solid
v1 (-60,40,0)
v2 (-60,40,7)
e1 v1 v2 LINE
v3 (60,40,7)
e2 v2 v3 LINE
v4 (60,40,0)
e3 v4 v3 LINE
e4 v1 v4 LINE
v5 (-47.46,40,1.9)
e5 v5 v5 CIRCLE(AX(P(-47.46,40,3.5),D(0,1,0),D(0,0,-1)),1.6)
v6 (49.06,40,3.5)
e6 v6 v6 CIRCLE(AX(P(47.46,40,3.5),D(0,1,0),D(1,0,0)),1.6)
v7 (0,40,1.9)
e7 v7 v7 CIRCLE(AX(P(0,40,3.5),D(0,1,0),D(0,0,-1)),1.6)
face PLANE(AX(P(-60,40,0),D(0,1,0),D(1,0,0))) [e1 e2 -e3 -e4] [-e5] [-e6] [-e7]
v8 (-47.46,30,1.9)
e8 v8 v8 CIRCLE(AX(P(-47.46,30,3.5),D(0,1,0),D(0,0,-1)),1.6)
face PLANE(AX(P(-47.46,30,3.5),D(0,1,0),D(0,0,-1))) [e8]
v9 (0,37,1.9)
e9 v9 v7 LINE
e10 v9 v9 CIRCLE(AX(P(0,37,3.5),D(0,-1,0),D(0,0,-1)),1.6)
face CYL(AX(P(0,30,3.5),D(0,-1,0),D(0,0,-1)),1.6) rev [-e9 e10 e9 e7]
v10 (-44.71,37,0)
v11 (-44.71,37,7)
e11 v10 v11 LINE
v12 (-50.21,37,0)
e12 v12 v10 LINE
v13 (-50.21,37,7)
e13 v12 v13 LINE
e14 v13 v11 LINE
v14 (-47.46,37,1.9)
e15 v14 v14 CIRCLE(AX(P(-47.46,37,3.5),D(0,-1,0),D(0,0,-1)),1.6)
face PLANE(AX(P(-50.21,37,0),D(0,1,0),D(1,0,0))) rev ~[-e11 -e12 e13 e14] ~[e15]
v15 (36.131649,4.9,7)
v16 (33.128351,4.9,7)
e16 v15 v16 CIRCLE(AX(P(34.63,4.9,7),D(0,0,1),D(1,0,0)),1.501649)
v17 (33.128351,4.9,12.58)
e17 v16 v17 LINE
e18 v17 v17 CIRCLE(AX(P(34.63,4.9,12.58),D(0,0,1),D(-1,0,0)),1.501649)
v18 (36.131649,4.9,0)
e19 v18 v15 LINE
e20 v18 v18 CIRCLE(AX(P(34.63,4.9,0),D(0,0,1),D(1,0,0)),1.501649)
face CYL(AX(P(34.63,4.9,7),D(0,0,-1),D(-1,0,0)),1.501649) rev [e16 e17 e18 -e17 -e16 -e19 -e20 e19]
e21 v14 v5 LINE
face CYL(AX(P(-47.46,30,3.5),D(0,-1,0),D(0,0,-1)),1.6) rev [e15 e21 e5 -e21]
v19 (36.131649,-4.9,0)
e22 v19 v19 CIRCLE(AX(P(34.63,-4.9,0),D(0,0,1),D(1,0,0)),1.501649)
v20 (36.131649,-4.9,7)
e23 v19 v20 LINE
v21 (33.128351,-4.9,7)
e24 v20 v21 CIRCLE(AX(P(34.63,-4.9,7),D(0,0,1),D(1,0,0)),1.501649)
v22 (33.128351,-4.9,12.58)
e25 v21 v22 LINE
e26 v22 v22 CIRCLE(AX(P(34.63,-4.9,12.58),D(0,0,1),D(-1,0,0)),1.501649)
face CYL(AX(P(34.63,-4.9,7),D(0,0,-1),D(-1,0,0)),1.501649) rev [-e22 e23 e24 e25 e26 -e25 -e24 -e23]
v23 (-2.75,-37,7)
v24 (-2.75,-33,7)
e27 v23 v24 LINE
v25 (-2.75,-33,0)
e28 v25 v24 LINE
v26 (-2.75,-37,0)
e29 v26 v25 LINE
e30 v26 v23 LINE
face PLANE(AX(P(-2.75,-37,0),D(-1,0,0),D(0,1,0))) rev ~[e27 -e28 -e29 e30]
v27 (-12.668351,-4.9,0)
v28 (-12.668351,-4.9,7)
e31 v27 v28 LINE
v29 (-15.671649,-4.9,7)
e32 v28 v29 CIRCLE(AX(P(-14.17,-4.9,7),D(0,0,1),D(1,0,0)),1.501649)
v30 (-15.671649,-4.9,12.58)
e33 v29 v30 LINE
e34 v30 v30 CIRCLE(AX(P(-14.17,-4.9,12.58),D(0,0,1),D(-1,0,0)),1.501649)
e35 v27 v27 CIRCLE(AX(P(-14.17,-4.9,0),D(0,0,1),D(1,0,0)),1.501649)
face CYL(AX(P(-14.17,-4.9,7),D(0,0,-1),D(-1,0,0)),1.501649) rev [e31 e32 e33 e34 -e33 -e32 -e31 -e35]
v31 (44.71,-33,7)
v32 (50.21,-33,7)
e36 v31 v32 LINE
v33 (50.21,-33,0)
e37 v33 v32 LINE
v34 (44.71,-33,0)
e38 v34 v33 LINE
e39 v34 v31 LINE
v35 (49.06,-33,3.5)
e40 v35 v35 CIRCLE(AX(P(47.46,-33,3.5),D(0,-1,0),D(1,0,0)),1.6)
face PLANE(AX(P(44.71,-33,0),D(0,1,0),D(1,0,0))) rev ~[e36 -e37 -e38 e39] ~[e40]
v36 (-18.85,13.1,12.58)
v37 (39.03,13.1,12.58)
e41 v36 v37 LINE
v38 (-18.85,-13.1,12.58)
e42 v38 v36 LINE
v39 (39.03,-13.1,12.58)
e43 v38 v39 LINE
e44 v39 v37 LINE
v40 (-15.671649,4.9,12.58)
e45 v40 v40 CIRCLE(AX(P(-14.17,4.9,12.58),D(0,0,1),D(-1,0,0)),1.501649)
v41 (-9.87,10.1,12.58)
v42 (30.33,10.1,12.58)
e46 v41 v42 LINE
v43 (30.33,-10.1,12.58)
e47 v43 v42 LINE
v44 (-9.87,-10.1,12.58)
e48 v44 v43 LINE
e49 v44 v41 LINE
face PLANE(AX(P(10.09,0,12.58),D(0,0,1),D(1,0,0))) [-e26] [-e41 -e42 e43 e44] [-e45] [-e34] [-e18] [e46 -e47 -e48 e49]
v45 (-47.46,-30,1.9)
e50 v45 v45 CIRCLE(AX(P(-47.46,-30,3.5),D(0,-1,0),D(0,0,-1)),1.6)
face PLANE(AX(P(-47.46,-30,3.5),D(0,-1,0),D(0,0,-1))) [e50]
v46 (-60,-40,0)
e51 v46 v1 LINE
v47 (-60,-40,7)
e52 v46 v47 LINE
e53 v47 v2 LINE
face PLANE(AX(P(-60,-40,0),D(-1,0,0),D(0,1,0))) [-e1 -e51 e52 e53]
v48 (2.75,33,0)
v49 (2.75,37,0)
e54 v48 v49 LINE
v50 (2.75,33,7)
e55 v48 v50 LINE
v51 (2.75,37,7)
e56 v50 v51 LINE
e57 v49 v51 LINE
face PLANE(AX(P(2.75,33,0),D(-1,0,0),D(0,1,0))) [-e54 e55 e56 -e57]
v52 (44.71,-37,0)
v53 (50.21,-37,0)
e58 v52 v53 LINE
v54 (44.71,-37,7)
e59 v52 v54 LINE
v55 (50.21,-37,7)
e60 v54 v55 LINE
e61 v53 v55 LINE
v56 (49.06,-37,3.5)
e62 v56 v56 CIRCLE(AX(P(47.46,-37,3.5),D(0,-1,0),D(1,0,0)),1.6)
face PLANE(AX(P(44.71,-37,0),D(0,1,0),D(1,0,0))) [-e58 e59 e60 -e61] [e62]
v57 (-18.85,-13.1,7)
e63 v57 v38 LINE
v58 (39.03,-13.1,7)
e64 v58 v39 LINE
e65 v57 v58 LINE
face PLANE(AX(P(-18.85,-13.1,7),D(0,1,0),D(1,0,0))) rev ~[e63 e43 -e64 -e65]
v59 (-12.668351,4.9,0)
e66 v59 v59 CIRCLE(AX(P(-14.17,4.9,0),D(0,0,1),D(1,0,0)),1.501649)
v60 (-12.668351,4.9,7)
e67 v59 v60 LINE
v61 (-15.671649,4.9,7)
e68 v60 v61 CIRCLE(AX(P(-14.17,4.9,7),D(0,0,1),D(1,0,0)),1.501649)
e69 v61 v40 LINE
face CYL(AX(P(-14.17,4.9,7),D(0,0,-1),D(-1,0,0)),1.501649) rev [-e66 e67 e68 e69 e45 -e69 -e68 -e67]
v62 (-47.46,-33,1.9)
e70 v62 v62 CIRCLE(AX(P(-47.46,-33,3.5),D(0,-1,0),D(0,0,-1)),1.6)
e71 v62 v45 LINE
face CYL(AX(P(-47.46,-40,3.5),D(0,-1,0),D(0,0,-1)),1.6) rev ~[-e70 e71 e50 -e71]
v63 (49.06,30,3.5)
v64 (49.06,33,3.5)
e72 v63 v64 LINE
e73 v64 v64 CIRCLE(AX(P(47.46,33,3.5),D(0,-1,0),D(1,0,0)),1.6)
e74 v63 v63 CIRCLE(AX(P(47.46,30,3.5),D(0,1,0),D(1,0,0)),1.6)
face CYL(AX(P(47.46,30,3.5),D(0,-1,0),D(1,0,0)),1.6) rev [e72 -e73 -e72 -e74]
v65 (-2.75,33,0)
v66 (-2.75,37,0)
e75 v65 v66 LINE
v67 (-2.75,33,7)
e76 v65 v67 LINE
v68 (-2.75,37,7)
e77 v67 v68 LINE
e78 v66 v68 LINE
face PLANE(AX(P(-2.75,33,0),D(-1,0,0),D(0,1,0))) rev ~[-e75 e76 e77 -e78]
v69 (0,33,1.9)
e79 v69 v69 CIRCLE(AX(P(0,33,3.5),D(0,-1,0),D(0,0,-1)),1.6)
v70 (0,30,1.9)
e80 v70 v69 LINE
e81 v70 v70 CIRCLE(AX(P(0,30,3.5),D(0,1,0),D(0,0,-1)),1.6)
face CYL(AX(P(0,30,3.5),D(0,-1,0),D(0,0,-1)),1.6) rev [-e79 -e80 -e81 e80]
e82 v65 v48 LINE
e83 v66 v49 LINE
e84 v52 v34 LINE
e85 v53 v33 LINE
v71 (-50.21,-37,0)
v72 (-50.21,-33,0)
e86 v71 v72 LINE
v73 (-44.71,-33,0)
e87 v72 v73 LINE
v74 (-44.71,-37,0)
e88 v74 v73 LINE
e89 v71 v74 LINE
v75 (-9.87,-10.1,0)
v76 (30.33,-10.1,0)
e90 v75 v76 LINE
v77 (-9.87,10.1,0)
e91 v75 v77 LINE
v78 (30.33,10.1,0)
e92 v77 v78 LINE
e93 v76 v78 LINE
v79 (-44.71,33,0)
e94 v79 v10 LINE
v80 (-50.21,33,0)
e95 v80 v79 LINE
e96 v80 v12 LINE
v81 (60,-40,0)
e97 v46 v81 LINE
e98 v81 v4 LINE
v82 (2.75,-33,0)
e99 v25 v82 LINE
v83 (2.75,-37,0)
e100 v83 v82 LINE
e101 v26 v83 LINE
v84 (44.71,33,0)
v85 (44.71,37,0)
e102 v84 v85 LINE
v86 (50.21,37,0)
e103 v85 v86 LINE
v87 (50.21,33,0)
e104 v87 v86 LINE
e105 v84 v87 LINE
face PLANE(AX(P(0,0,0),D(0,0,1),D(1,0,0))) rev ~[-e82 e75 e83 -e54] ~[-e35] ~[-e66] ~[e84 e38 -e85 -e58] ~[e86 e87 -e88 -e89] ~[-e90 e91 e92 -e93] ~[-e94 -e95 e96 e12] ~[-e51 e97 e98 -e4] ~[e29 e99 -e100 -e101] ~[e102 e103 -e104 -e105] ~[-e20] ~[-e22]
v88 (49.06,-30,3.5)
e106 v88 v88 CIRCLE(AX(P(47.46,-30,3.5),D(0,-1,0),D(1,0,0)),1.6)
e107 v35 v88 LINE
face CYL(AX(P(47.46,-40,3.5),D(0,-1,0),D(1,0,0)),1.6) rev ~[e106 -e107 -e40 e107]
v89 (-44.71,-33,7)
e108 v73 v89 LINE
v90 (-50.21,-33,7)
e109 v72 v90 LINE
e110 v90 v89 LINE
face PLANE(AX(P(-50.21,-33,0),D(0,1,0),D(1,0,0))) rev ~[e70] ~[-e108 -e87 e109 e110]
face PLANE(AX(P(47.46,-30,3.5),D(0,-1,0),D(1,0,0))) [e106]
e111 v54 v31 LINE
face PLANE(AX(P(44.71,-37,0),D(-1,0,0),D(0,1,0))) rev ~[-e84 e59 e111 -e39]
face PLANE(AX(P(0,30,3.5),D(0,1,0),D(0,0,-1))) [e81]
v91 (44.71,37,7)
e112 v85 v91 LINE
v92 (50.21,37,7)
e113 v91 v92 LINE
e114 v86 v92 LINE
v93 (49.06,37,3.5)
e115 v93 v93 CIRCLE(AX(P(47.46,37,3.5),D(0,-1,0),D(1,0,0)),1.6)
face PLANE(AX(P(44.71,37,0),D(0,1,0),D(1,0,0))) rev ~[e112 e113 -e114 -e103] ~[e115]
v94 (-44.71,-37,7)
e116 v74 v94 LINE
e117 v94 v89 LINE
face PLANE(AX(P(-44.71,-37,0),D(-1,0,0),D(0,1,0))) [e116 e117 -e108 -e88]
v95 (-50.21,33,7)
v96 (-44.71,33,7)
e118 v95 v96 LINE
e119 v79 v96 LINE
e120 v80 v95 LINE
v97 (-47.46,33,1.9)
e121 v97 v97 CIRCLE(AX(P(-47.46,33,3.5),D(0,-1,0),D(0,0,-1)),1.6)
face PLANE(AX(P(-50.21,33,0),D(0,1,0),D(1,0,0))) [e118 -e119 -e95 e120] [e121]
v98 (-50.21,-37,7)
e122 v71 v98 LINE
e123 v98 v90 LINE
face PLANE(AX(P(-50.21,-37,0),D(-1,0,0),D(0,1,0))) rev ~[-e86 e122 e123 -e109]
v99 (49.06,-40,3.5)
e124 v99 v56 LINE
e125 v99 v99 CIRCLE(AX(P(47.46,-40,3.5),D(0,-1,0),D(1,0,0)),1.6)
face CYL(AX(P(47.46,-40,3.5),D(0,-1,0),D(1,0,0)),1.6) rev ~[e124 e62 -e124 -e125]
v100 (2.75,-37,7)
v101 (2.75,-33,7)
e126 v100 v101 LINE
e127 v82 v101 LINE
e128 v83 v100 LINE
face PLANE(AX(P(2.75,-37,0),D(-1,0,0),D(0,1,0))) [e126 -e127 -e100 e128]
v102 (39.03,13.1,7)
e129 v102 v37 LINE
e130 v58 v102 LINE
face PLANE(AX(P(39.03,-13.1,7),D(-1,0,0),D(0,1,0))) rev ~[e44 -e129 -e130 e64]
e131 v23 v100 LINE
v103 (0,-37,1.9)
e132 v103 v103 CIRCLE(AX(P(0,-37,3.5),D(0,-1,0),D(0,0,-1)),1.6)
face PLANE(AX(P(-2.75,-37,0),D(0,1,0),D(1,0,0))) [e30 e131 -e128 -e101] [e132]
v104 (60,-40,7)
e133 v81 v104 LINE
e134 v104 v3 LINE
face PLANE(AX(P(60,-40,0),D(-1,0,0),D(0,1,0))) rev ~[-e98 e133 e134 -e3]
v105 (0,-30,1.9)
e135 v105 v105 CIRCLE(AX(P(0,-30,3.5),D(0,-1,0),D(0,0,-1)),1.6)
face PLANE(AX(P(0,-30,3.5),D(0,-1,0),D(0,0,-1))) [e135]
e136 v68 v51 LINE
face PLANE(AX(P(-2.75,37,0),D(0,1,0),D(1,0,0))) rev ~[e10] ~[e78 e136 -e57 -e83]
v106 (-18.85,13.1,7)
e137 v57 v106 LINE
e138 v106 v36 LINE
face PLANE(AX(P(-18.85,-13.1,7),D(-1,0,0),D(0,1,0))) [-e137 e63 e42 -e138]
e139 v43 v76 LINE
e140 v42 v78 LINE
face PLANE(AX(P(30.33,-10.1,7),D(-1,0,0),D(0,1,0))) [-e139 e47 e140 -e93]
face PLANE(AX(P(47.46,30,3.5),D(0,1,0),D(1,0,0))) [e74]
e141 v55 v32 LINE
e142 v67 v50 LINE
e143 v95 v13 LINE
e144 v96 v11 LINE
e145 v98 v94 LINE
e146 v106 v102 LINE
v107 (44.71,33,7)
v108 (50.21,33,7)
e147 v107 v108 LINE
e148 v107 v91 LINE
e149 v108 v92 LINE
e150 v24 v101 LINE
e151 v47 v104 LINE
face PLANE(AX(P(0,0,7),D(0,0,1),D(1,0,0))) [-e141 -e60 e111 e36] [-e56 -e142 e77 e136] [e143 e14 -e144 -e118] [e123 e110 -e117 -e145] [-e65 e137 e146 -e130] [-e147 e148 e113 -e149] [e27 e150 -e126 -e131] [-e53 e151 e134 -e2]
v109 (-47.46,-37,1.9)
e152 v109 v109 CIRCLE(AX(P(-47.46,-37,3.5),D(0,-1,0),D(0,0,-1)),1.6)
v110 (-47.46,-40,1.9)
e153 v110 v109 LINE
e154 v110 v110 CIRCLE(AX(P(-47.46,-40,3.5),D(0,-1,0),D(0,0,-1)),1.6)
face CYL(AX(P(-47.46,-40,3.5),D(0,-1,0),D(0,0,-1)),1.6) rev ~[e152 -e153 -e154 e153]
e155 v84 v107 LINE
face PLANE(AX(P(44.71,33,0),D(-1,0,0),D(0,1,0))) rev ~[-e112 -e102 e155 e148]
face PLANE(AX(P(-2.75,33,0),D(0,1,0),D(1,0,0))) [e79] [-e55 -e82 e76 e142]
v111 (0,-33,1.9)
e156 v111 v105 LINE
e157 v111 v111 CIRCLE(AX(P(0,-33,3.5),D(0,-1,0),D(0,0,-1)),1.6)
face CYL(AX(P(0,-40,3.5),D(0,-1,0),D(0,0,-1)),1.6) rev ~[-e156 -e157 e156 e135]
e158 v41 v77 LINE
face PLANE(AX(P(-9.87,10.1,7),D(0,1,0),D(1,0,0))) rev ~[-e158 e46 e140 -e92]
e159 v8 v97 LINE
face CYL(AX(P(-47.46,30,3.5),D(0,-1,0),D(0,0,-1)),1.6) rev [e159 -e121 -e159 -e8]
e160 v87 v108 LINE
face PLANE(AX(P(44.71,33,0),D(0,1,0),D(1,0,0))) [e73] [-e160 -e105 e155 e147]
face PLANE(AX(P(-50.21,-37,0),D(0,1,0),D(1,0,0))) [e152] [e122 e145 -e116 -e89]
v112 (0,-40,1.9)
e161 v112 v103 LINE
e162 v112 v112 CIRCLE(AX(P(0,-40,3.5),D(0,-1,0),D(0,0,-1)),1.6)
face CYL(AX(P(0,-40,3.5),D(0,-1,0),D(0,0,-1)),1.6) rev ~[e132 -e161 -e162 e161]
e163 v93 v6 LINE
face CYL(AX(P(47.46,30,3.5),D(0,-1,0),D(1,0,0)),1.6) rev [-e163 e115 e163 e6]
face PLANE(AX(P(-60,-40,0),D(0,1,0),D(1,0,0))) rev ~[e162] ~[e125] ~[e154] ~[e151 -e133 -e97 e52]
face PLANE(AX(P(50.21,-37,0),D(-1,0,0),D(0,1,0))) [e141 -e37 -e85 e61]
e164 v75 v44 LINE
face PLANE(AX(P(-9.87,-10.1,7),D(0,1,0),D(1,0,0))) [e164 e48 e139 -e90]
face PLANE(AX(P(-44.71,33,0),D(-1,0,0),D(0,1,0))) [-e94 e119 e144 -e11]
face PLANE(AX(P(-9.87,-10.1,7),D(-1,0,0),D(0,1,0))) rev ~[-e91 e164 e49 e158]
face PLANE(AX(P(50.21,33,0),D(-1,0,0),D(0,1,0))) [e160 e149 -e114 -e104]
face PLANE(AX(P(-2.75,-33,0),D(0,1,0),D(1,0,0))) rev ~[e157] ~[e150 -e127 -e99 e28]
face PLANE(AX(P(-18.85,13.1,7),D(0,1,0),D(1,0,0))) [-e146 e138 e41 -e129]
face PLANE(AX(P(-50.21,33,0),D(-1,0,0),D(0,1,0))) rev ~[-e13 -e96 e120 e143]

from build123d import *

# Parameters (mm, degrees)
ESBO_O1_W                = 120
ESBO_O1_H                = 80
ESBO_O1_R                = 1.501648648
ESBO_O1_W_2              = 40.2
ESBO_O1_H_2              = 20.2
ESBO_O1_W_3              = 5.5
ESBO_O1_H_3              = 4
RESSALTO_EXTRUS_O4_DEPTH = 7
RESSALTO_EXTRUS_O5_START = 7
ESBO_O1_12_W             = 57.88
ESBO_O1_12_H             = 26.2
ESBO_O1_12_R             = 1.501648648
ESBO_O1_12_W_2           = 40.2
ESBO_O1_12_H_2           = 20.2
RESSALTO_EXTRUS_O5_DEPTH = 5.58
ESBO_O9_R                = 1.6
CORTE_EXTRUS_O7_DEPTH    = 10
CORTE_EXTRUS_O8_START    = -10
ESBO_O10_R               = 1.6
CORTE_EXTRUS_O8_DEPTH    = 10


with BuildPart() as part:
    # Esboço1 → Ressalto-extrusão4 (new body)
    with BuildSketch(Plane.XY):
        Rectangle(ESBO_O1_W, ESBO_O1_H)
        with Locations((34.63, -4.9)):
            Circle(ESBO_O1_R, mode=Mode.SUBTRACT)
        with Locations((34.63, 4.9)):
            Circle(ESBO_O1_R, mode=Mode.SUBTRACT)
        with Locations((-14.17, -4.9)):
            Circle(ESBO_O1_R, mode=Mode.SUBTRACT)
        with Locations((-14.17, 4.9)):
            Circle(ESBO_O1_R, mode=Mode.SUBTRACT)
        with Locations((10.23, 0)):
            Rectangle(ESBO_O1_W_2, ESBO_O1_H_2, mode=Mode.SUBTRACT)
        with Locations((-47.46, -35)):
            Rectangle(ESBO_O1_W_3, ESBO_O1_H_3, mode=Mode.SUBTRACT)
        with Locations((47.46, -35)):
            Rectangle(ESBO_O1_W_3, ESBO_O1_H_3, mode=Mode.SUBTRACT)
        with Locations((0, -35)):
            Rectangle(ESBO_O1_W_3, ESBO_O1_H_3, mode=Mode.SUBTRACT)
        with Locations((47.46, 35)):
            Rectangle(ESBO_O1_W_3, ESBO_O1_H_3, mode=Mode.SUBTRACT)
        with Locations((0, 35)):
            Rectangle(ESBO_O1_W_3, ESBO_O1_H_3, mode=Mode.SUBTRACT)
        with Locations((-47.46, 35)):
            Rectangle(ESBO_O1_W_3, ESBO_O1_H_3, mode=Mode.SUBTRACT)
    extrude(amount=RESSALTO_EXTRUS_O4_DEPTH)

    # Esboço1<12> → Ressalto-extrusão5 (add)
    with BuildSketch(Plane.XY.offset(RESSALTO_EXTRUS_O5_START)):
        with Locations((10.09, 0)):
            Rectangle(ESBO_O1_12_W, ESBO_O1_12_H)
        with Locations(Location((-14.17, 4.9, 0), (0, 0, 180))):
            Circle(ESBO_O1_12_R, mode=Mode.SUBTRACT)
        with Locations(Location((34.63, 4.9, 0), (0, 0, 180))):
            Circle(ESBO_O1_12_R, mode=Mode.SUBTRACT)
        with Locations(Location((34.63, -4.9, 0), (0, 0, 180))):
            Circle(ESBO_O1_12_R, mode=Mode.SUBTRACT)
        with Locations(Location((-14.17, -4.9, 0), (0, 0, 180))):
            Circle(ESBO_O1_12_R, mode=Mode.SUBTRACT)
        with Locations((10.23, 0)):
            Rectangle(ESBO_O1_12_W_2, ESBO_O1_12_H_2, mode=Mode.SUBTRACT)
    extrude(amount=RESSALTO_EXTRUS_O5_DEPTH)

    # Esboço9 → Corte-extrusão7 (cut)
    with BuildSketch(Plane.XZ.offset(40)):
        with Locations(Location((-47.46, 3.5, 0), (0, 0, 270))):
            Circle(ESBO_O9_R)
        with Locations(Location((0, 3.5, 0), (0, 0, 270))):
            Circle(ESBO_O9_R)
        with Locations((47.46, 3.5)):
            Circle(ESBO_O9_R)
    extrude(amount=-CORTE_EXTRUS_O7_DEPTH, mode=Mode.SUBTRACT)

    # Esboço10 → Corte-extrusão8 (cut)
    with BuildSketch(Plane(origin=(0, 40, 0), x_dir=(1, 0, 0), z_dir=(0, 1, 0)).offset(CORTE_EXTRUS_O8_START)):
        with Locations(Location((-47.46, -3.5, 0), (0, 0, 90))):
            Circle(ESBO_O10_R)
        with Locations(Location((0, -3.5, 0), (0, 0, 90))):
            Circle(ESBO_O10_R)
        with Locations((47.46, -3.5)):
            Circle(ESBO_O10_R)
    extrude(amount=CORTE_EXTRUS_O8_DEPTH, mode=Mode.SUBTRACT)


solid = part.part
